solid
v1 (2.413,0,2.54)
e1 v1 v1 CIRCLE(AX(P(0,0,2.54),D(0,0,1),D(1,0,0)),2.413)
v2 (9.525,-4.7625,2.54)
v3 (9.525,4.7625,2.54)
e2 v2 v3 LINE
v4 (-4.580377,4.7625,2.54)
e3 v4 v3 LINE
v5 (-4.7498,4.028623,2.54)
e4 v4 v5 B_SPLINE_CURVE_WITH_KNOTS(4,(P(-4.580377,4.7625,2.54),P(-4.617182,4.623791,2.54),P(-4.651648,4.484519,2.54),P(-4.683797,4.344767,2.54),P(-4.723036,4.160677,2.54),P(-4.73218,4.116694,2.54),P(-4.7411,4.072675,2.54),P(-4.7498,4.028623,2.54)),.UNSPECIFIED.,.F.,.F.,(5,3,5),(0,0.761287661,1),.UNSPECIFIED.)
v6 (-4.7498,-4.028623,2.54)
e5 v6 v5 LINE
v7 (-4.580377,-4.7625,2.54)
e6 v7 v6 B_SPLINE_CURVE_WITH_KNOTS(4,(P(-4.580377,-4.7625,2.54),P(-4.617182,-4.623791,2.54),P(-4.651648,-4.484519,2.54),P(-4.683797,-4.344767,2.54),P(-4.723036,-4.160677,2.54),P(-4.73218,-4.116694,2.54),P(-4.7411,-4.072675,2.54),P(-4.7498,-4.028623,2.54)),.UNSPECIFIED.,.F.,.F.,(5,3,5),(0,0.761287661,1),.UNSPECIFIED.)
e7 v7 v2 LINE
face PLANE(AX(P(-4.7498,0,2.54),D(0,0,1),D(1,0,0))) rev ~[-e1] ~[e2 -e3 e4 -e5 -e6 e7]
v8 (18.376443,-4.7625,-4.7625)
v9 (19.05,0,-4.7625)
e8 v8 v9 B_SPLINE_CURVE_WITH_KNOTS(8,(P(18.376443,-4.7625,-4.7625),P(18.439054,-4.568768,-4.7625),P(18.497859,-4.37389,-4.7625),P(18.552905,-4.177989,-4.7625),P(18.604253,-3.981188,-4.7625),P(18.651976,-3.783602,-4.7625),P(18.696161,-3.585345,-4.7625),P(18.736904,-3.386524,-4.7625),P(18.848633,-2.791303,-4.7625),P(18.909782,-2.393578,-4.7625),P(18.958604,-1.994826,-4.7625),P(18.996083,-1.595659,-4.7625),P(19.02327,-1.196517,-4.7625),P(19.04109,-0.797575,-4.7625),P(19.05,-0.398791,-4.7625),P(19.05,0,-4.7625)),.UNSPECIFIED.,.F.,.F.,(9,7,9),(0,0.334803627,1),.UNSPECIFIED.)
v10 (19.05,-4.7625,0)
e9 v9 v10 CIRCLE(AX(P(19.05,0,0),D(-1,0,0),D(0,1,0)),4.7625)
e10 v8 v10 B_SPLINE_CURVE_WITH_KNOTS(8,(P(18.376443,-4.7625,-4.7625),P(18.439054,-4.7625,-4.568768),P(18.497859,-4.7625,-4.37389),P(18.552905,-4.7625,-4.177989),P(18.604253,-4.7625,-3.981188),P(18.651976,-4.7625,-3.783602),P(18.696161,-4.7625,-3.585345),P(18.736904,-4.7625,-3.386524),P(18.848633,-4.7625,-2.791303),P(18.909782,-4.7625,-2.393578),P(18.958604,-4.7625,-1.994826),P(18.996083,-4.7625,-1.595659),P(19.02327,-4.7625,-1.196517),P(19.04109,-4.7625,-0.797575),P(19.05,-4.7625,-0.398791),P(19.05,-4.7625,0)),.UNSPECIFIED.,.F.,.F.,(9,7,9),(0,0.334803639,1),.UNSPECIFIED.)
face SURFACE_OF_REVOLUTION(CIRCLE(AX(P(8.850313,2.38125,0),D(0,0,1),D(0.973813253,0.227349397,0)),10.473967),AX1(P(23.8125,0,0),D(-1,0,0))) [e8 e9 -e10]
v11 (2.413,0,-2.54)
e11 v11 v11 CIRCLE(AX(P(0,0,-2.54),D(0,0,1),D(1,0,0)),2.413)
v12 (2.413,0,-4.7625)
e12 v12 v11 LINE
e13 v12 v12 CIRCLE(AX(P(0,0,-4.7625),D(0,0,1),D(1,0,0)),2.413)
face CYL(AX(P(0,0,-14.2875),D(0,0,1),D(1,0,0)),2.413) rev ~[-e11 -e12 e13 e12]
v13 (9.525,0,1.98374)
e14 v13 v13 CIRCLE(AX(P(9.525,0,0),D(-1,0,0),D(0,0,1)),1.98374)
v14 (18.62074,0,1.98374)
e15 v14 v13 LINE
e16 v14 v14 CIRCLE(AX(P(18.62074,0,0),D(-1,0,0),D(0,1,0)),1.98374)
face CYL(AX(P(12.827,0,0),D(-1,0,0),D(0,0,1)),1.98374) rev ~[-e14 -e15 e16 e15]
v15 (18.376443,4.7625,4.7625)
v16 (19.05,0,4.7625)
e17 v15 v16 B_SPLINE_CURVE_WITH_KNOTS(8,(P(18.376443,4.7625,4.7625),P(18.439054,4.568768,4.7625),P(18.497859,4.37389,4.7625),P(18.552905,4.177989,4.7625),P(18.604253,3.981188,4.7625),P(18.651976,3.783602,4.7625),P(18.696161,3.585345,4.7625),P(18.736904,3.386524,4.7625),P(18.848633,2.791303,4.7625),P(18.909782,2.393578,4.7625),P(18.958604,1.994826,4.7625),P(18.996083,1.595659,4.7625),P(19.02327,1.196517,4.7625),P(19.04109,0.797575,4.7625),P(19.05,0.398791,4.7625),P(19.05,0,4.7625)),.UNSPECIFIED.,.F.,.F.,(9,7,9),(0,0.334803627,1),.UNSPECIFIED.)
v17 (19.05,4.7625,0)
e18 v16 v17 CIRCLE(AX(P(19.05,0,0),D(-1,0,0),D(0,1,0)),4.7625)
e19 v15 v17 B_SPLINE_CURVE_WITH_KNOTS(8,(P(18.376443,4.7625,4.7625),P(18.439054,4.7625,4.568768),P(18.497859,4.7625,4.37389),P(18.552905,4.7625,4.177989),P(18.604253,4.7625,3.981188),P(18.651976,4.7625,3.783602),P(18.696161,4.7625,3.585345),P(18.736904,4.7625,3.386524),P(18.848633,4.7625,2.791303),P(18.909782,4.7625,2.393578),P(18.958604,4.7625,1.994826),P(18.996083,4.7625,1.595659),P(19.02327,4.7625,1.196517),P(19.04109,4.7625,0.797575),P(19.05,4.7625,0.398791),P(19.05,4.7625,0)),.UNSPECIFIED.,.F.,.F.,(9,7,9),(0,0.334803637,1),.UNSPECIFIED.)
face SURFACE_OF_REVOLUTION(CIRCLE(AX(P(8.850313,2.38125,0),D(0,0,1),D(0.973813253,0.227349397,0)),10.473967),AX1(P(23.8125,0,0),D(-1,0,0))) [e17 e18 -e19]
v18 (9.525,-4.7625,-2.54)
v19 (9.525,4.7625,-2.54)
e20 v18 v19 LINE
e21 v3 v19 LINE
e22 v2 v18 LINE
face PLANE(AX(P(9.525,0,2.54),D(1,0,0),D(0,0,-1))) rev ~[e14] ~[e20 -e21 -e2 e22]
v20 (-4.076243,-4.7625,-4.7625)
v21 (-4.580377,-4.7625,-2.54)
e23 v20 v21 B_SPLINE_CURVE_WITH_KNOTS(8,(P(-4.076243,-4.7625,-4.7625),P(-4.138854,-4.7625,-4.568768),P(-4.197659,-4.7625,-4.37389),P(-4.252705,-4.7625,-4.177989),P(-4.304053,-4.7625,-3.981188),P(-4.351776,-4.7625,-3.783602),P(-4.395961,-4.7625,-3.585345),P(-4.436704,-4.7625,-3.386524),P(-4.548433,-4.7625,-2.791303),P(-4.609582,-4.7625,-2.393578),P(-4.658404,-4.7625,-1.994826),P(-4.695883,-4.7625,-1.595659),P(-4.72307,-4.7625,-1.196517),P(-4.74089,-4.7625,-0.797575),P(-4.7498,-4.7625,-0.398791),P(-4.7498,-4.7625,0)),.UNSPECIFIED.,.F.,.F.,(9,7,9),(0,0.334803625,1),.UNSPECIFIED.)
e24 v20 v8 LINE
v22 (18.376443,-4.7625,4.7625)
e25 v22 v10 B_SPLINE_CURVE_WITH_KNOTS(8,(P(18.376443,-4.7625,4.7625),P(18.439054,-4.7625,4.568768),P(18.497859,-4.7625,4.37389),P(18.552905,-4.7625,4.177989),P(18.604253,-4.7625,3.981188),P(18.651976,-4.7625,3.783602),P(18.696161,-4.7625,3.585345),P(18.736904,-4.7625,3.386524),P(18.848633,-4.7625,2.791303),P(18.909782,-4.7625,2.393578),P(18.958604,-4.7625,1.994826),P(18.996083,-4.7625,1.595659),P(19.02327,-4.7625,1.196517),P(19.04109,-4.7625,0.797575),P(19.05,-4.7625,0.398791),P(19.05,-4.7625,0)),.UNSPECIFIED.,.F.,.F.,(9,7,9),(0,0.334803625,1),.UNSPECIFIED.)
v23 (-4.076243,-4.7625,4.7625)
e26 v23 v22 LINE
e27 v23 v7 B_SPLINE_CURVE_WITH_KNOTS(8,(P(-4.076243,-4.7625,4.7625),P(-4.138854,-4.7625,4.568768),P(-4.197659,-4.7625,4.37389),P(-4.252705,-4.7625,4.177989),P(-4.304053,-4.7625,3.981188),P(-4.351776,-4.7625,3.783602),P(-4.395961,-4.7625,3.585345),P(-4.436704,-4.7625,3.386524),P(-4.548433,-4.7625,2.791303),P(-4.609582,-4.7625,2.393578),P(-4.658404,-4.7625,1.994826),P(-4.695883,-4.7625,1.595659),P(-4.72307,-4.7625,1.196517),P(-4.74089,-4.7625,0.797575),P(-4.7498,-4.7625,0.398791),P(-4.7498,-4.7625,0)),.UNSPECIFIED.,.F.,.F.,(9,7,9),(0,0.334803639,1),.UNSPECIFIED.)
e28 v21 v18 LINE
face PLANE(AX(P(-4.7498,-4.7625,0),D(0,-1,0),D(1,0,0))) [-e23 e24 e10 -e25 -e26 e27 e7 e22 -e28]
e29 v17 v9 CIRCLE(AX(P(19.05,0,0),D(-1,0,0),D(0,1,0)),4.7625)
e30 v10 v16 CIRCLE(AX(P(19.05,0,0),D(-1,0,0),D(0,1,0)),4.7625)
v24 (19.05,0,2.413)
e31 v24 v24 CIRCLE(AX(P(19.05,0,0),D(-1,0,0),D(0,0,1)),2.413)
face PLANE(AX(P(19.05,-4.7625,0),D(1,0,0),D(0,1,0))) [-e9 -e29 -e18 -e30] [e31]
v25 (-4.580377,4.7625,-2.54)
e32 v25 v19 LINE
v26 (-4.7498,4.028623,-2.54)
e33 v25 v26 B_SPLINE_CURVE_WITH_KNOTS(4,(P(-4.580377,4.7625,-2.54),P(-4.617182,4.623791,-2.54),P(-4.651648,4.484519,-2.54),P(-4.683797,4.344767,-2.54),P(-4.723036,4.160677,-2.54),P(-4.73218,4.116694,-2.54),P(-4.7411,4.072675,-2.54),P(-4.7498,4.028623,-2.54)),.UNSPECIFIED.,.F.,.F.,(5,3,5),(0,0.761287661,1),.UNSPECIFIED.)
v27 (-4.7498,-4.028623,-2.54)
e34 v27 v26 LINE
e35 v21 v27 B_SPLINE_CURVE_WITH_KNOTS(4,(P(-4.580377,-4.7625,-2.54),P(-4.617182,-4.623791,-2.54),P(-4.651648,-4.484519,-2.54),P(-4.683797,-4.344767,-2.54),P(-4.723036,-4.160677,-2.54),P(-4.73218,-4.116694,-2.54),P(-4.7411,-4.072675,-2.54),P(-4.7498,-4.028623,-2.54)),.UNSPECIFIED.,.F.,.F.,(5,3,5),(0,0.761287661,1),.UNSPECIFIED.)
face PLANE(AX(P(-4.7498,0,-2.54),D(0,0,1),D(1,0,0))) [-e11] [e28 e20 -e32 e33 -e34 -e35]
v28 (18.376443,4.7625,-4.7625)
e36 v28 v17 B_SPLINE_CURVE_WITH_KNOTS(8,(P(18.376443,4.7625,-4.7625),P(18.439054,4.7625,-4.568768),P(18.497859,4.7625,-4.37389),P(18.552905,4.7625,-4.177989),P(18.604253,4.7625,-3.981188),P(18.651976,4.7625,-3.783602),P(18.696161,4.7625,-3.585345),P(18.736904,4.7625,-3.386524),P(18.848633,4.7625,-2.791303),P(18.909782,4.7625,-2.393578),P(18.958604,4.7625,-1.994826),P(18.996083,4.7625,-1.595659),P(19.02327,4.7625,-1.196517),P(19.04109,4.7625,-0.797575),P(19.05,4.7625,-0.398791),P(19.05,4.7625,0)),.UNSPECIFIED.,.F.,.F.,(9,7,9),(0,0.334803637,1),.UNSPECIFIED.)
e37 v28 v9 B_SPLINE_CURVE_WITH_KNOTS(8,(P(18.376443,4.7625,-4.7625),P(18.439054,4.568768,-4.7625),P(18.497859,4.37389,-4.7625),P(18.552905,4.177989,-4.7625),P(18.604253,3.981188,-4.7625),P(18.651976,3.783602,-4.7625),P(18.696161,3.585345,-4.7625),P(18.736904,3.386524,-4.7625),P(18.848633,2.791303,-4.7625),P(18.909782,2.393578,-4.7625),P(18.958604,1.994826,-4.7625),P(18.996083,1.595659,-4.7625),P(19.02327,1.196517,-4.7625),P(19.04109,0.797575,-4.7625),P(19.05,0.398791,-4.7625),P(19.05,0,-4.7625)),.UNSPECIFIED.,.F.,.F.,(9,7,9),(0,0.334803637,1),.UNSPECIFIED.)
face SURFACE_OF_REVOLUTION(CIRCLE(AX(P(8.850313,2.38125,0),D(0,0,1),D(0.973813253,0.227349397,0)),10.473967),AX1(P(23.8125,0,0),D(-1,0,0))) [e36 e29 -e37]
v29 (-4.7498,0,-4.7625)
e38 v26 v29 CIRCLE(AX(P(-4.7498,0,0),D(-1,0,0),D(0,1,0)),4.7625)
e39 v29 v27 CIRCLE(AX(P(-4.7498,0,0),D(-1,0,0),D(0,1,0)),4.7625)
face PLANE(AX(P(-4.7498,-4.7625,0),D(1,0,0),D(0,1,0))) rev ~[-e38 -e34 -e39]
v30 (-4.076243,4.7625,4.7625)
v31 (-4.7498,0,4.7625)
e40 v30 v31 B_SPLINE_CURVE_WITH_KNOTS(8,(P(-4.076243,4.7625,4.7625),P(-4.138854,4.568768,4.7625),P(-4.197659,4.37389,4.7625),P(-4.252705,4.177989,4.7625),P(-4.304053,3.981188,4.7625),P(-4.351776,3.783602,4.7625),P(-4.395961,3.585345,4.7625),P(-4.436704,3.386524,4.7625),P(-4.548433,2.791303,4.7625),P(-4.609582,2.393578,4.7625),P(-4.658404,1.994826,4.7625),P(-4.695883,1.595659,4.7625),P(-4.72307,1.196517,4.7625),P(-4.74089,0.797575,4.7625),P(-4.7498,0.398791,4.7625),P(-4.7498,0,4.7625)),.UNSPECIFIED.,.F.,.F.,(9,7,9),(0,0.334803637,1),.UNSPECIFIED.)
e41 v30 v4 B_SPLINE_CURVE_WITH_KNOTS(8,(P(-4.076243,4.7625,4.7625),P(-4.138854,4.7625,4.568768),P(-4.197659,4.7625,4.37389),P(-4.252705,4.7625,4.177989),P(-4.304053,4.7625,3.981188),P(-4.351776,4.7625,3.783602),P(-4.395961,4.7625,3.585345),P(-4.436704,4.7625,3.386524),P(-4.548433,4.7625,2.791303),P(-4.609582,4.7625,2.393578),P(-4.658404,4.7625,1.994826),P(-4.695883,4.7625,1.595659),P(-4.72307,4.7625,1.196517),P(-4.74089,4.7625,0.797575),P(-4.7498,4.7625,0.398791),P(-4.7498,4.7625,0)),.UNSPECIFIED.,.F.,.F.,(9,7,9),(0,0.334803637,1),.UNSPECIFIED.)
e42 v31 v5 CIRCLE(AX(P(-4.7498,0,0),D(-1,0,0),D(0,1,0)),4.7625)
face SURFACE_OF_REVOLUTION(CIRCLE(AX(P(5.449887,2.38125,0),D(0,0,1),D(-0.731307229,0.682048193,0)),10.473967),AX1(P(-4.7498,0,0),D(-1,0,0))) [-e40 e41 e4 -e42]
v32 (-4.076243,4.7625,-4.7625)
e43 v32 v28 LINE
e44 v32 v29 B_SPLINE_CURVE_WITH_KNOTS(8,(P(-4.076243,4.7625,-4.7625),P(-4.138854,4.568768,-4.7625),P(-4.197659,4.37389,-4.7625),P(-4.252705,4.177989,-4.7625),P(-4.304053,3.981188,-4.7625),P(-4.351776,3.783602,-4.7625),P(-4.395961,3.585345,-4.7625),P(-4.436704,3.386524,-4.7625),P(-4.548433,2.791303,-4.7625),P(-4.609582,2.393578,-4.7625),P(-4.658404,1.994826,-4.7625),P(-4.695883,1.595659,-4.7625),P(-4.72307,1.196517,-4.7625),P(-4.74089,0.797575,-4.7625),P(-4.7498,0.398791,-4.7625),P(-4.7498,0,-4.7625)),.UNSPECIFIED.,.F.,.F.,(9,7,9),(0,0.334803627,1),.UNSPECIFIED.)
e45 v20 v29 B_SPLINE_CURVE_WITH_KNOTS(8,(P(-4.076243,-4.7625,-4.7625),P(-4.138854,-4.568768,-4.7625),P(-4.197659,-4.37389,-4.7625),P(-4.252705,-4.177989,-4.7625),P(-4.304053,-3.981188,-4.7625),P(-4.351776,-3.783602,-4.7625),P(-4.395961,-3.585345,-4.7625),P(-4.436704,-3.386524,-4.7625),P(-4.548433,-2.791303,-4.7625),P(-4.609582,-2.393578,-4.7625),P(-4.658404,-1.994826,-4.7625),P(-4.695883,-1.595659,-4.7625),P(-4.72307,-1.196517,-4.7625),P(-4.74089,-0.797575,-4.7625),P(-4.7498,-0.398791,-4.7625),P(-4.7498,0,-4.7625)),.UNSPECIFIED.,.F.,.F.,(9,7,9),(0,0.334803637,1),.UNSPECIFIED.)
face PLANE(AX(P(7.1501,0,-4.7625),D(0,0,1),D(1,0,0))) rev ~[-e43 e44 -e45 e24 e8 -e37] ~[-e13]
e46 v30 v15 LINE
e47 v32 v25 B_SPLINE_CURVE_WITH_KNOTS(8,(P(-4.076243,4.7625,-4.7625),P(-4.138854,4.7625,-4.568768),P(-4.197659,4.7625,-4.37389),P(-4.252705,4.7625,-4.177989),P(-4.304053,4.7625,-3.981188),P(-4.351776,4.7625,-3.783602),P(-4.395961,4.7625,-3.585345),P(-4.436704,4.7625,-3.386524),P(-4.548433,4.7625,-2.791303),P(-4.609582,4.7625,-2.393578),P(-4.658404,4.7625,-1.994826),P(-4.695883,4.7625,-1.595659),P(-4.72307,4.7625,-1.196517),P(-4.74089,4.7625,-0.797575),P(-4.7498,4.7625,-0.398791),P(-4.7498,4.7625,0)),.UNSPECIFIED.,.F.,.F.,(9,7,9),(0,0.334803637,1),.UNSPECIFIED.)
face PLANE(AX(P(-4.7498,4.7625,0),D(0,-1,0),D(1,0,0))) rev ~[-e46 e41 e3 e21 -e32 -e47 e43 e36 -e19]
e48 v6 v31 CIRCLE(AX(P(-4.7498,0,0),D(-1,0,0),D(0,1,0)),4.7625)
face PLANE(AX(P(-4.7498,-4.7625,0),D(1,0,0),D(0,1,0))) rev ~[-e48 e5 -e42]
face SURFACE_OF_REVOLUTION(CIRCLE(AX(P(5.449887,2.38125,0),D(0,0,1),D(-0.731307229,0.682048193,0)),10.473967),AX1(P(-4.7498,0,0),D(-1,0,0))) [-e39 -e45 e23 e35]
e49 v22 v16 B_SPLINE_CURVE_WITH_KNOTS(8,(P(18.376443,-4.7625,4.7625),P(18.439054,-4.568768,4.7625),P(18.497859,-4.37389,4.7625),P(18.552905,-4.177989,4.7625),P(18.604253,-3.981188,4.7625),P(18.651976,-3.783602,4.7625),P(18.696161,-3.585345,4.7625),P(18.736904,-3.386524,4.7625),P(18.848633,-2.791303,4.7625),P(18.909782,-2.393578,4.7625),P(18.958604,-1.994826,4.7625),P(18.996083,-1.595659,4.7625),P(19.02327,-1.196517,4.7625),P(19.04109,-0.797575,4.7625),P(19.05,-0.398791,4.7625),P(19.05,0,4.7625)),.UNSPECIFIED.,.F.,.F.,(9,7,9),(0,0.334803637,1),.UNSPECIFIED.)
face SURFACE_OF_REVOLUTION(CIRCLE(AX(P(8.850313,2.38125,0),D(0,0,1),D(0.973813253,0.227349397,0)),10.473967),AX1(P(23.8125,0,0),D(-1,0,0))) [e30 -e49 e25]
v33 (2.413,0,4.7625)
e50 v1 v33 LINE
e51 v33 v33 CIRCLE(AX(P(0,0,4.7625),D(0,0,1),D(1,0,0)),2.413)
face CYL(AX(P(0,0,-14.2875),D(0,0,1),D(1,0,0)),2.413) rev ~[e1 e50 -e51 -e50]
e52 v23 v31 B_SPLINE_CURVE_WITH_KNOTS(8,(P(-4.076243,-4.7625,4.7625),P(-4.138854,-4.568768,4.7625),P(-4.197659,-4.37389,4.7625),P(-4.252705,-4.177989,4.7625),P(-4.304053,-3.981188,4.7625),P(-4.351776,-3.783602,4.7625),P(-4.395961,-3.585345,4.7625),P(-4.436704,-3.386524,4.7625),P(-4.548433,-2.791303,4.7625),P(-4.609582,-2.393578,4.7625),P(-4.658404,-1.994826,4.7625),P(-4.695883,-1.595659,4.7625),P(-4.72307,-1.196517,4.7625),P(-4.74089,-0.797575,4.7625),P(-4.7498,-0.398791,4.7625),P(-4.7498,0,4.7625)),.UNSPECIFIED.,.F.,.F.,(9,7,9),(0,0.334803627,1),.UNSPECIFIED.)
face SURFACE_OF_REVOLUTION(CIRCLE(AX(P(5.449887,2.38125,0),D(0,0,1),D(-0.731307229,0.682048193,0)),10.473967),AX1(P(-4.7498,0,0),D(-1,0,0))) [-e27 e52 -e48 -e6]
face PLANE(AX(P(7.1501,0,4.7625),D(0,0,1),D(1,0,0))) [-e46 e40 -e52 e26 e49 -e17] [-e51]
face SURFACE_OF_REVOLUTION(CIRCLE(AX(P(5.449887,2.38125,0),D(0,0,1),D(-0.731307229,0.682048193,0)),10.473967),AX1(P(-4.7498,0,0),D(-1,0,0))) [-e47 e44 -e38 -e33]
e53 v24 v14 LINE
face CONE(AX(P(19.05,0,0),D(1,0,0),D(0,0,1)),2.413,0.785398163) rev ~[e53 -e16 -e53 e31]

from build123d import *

# Parameters (mm, degrees)
BOSS_EXTRUDE1_DEPTH      = 4.7625
BOSS_EXTRUDE1_DEPTH_BACK = 4.7625
SKETCH1_W                = 23.7998
SKETCH1_H                = 9.525
CUT_EXTRUDE1_DEPTH       = 4.7625
CUT_EXTRUDE1_DEPTH_BACK  = 4.7625
SKETCH2_W                = 14.2748
SKETCH2_H                = 5.08
HOLE1_D                  = 3.96748
HOLE1_DEPTH              = 7.874
HOLE1_CSINK_D            = 4.826
HOLE1_CSINK_ANGLE        = 90
HOLE2_D                  = 3.96748
HOLE3_D                  = 4.826


with BuildPart() as part:
    # Sketch1 → Boss-Extrude1 (new, two sides: drawn at the far end of the back side and taken through both)
    with BuildSketch(Plane.XY.offset(-BOSS_EXTRUDE1_DEPTH_BACK)):
        with Locations((7.1501, 0)):
            Rectangle(SKETCH1_W, SKETCH1_H)
    extrude(amount=BOSS_EXTRUDE1_DEPTH + BOSS_EXTRUDE1_DEPTH_BACK)

    # Sketch2 → Cut-Extrude1 (cut, two sides: drawn at the far end of the back side and taken through both)
    with BuildSketch(Plane(origin=(0, 0, 0), x_dir=(1, 0, 0), z_dir=(0, 1, 0)).offset(-CUT_EXTRUDE1_DEPTH_BACK)):
        with Locations((2.3876, 0)):
            Rectangle(SKETCH2_W, SKETCH2_H)
    extrude(amount=CUT_EXTRUDE1_DEPTH + CUT_EXTRUDE1_DEPTH_BACK, mode=Mode.SUBTRACT)

    # Hole1
    with Locations(Plane(origin=(19.05, 0, 0), x_dir=(0, 0, -1), z_dir=(1, 0, 0))):
        with Locations((0, 0)):
            CounterSinkHole(HOLE1_D / 2, HOLE1_CSINK_D / 2, depth=HOLE1_DEPTH, counter_sink_angle=HOLE1_CSINK_ANGLE)

    # Hole2 (through all)
    with Locations(Plane(origin=(11.176, 0, 0), x_dir=(0, 0, -1), z_dir=(1, 0, 0))):
        with Locations((0, 0)):
            Hole(HOLE2_D / 2)

    # Hole3 (through all)
    with Locations(Plane(origin=(0, 0, -4.7625), x_dir=(-1, 0, 0), z_dir=(0, 0, -1))):
        with Locations((0, 0)):
            Hole(HOLE3_D / 2)

    # Sketch9 → Cut-Revolve1 (revolve, cut)
    with BuildSketch(Plane.XY):
        with BuildLine():
            Line((19.05, 0), (19.05, 4.7625))
            ThreePointArc((19.05, 4.7625), (18.092047749, 7.310175466), (16.51, 9.525))
            Line((16.51, 9.525), (23.8125, 9.525))
            Line((23.8125, 9.525), (23.8125, 0))
            Line((23.8125, 0), (19.05, 0))
        make_face()
    revolve(axis=Axis((23.8125, 0, 0), (-1, 0, 0)), mode=Mode.SUBTRACT)

    # Sketch10 → Cut-Revolve2 (revolve, cut)
    with BuildSketch(Plane.XY):
        with BuildLine():
            Line((-9.5123, 0), (-9.5123, 9.525))
            Line((-9.5123, 9.525), (-2.2098, 9.525))
            ThreePointArc((-2.2098, 9.525), (-3.791847749, 7.310175466), (-4.7498, 4.7625))
            Line((-4.7498, 4.7625), (-4.7498, 0))
            Line((-4.7498, 0), (-9.5123, 0))
        make_face()
    revolve(axis=Axis((-4.7498, 0, 0), (-1, 0, 0)), mode=Mode.SUBTRACT)


solid = part.part
